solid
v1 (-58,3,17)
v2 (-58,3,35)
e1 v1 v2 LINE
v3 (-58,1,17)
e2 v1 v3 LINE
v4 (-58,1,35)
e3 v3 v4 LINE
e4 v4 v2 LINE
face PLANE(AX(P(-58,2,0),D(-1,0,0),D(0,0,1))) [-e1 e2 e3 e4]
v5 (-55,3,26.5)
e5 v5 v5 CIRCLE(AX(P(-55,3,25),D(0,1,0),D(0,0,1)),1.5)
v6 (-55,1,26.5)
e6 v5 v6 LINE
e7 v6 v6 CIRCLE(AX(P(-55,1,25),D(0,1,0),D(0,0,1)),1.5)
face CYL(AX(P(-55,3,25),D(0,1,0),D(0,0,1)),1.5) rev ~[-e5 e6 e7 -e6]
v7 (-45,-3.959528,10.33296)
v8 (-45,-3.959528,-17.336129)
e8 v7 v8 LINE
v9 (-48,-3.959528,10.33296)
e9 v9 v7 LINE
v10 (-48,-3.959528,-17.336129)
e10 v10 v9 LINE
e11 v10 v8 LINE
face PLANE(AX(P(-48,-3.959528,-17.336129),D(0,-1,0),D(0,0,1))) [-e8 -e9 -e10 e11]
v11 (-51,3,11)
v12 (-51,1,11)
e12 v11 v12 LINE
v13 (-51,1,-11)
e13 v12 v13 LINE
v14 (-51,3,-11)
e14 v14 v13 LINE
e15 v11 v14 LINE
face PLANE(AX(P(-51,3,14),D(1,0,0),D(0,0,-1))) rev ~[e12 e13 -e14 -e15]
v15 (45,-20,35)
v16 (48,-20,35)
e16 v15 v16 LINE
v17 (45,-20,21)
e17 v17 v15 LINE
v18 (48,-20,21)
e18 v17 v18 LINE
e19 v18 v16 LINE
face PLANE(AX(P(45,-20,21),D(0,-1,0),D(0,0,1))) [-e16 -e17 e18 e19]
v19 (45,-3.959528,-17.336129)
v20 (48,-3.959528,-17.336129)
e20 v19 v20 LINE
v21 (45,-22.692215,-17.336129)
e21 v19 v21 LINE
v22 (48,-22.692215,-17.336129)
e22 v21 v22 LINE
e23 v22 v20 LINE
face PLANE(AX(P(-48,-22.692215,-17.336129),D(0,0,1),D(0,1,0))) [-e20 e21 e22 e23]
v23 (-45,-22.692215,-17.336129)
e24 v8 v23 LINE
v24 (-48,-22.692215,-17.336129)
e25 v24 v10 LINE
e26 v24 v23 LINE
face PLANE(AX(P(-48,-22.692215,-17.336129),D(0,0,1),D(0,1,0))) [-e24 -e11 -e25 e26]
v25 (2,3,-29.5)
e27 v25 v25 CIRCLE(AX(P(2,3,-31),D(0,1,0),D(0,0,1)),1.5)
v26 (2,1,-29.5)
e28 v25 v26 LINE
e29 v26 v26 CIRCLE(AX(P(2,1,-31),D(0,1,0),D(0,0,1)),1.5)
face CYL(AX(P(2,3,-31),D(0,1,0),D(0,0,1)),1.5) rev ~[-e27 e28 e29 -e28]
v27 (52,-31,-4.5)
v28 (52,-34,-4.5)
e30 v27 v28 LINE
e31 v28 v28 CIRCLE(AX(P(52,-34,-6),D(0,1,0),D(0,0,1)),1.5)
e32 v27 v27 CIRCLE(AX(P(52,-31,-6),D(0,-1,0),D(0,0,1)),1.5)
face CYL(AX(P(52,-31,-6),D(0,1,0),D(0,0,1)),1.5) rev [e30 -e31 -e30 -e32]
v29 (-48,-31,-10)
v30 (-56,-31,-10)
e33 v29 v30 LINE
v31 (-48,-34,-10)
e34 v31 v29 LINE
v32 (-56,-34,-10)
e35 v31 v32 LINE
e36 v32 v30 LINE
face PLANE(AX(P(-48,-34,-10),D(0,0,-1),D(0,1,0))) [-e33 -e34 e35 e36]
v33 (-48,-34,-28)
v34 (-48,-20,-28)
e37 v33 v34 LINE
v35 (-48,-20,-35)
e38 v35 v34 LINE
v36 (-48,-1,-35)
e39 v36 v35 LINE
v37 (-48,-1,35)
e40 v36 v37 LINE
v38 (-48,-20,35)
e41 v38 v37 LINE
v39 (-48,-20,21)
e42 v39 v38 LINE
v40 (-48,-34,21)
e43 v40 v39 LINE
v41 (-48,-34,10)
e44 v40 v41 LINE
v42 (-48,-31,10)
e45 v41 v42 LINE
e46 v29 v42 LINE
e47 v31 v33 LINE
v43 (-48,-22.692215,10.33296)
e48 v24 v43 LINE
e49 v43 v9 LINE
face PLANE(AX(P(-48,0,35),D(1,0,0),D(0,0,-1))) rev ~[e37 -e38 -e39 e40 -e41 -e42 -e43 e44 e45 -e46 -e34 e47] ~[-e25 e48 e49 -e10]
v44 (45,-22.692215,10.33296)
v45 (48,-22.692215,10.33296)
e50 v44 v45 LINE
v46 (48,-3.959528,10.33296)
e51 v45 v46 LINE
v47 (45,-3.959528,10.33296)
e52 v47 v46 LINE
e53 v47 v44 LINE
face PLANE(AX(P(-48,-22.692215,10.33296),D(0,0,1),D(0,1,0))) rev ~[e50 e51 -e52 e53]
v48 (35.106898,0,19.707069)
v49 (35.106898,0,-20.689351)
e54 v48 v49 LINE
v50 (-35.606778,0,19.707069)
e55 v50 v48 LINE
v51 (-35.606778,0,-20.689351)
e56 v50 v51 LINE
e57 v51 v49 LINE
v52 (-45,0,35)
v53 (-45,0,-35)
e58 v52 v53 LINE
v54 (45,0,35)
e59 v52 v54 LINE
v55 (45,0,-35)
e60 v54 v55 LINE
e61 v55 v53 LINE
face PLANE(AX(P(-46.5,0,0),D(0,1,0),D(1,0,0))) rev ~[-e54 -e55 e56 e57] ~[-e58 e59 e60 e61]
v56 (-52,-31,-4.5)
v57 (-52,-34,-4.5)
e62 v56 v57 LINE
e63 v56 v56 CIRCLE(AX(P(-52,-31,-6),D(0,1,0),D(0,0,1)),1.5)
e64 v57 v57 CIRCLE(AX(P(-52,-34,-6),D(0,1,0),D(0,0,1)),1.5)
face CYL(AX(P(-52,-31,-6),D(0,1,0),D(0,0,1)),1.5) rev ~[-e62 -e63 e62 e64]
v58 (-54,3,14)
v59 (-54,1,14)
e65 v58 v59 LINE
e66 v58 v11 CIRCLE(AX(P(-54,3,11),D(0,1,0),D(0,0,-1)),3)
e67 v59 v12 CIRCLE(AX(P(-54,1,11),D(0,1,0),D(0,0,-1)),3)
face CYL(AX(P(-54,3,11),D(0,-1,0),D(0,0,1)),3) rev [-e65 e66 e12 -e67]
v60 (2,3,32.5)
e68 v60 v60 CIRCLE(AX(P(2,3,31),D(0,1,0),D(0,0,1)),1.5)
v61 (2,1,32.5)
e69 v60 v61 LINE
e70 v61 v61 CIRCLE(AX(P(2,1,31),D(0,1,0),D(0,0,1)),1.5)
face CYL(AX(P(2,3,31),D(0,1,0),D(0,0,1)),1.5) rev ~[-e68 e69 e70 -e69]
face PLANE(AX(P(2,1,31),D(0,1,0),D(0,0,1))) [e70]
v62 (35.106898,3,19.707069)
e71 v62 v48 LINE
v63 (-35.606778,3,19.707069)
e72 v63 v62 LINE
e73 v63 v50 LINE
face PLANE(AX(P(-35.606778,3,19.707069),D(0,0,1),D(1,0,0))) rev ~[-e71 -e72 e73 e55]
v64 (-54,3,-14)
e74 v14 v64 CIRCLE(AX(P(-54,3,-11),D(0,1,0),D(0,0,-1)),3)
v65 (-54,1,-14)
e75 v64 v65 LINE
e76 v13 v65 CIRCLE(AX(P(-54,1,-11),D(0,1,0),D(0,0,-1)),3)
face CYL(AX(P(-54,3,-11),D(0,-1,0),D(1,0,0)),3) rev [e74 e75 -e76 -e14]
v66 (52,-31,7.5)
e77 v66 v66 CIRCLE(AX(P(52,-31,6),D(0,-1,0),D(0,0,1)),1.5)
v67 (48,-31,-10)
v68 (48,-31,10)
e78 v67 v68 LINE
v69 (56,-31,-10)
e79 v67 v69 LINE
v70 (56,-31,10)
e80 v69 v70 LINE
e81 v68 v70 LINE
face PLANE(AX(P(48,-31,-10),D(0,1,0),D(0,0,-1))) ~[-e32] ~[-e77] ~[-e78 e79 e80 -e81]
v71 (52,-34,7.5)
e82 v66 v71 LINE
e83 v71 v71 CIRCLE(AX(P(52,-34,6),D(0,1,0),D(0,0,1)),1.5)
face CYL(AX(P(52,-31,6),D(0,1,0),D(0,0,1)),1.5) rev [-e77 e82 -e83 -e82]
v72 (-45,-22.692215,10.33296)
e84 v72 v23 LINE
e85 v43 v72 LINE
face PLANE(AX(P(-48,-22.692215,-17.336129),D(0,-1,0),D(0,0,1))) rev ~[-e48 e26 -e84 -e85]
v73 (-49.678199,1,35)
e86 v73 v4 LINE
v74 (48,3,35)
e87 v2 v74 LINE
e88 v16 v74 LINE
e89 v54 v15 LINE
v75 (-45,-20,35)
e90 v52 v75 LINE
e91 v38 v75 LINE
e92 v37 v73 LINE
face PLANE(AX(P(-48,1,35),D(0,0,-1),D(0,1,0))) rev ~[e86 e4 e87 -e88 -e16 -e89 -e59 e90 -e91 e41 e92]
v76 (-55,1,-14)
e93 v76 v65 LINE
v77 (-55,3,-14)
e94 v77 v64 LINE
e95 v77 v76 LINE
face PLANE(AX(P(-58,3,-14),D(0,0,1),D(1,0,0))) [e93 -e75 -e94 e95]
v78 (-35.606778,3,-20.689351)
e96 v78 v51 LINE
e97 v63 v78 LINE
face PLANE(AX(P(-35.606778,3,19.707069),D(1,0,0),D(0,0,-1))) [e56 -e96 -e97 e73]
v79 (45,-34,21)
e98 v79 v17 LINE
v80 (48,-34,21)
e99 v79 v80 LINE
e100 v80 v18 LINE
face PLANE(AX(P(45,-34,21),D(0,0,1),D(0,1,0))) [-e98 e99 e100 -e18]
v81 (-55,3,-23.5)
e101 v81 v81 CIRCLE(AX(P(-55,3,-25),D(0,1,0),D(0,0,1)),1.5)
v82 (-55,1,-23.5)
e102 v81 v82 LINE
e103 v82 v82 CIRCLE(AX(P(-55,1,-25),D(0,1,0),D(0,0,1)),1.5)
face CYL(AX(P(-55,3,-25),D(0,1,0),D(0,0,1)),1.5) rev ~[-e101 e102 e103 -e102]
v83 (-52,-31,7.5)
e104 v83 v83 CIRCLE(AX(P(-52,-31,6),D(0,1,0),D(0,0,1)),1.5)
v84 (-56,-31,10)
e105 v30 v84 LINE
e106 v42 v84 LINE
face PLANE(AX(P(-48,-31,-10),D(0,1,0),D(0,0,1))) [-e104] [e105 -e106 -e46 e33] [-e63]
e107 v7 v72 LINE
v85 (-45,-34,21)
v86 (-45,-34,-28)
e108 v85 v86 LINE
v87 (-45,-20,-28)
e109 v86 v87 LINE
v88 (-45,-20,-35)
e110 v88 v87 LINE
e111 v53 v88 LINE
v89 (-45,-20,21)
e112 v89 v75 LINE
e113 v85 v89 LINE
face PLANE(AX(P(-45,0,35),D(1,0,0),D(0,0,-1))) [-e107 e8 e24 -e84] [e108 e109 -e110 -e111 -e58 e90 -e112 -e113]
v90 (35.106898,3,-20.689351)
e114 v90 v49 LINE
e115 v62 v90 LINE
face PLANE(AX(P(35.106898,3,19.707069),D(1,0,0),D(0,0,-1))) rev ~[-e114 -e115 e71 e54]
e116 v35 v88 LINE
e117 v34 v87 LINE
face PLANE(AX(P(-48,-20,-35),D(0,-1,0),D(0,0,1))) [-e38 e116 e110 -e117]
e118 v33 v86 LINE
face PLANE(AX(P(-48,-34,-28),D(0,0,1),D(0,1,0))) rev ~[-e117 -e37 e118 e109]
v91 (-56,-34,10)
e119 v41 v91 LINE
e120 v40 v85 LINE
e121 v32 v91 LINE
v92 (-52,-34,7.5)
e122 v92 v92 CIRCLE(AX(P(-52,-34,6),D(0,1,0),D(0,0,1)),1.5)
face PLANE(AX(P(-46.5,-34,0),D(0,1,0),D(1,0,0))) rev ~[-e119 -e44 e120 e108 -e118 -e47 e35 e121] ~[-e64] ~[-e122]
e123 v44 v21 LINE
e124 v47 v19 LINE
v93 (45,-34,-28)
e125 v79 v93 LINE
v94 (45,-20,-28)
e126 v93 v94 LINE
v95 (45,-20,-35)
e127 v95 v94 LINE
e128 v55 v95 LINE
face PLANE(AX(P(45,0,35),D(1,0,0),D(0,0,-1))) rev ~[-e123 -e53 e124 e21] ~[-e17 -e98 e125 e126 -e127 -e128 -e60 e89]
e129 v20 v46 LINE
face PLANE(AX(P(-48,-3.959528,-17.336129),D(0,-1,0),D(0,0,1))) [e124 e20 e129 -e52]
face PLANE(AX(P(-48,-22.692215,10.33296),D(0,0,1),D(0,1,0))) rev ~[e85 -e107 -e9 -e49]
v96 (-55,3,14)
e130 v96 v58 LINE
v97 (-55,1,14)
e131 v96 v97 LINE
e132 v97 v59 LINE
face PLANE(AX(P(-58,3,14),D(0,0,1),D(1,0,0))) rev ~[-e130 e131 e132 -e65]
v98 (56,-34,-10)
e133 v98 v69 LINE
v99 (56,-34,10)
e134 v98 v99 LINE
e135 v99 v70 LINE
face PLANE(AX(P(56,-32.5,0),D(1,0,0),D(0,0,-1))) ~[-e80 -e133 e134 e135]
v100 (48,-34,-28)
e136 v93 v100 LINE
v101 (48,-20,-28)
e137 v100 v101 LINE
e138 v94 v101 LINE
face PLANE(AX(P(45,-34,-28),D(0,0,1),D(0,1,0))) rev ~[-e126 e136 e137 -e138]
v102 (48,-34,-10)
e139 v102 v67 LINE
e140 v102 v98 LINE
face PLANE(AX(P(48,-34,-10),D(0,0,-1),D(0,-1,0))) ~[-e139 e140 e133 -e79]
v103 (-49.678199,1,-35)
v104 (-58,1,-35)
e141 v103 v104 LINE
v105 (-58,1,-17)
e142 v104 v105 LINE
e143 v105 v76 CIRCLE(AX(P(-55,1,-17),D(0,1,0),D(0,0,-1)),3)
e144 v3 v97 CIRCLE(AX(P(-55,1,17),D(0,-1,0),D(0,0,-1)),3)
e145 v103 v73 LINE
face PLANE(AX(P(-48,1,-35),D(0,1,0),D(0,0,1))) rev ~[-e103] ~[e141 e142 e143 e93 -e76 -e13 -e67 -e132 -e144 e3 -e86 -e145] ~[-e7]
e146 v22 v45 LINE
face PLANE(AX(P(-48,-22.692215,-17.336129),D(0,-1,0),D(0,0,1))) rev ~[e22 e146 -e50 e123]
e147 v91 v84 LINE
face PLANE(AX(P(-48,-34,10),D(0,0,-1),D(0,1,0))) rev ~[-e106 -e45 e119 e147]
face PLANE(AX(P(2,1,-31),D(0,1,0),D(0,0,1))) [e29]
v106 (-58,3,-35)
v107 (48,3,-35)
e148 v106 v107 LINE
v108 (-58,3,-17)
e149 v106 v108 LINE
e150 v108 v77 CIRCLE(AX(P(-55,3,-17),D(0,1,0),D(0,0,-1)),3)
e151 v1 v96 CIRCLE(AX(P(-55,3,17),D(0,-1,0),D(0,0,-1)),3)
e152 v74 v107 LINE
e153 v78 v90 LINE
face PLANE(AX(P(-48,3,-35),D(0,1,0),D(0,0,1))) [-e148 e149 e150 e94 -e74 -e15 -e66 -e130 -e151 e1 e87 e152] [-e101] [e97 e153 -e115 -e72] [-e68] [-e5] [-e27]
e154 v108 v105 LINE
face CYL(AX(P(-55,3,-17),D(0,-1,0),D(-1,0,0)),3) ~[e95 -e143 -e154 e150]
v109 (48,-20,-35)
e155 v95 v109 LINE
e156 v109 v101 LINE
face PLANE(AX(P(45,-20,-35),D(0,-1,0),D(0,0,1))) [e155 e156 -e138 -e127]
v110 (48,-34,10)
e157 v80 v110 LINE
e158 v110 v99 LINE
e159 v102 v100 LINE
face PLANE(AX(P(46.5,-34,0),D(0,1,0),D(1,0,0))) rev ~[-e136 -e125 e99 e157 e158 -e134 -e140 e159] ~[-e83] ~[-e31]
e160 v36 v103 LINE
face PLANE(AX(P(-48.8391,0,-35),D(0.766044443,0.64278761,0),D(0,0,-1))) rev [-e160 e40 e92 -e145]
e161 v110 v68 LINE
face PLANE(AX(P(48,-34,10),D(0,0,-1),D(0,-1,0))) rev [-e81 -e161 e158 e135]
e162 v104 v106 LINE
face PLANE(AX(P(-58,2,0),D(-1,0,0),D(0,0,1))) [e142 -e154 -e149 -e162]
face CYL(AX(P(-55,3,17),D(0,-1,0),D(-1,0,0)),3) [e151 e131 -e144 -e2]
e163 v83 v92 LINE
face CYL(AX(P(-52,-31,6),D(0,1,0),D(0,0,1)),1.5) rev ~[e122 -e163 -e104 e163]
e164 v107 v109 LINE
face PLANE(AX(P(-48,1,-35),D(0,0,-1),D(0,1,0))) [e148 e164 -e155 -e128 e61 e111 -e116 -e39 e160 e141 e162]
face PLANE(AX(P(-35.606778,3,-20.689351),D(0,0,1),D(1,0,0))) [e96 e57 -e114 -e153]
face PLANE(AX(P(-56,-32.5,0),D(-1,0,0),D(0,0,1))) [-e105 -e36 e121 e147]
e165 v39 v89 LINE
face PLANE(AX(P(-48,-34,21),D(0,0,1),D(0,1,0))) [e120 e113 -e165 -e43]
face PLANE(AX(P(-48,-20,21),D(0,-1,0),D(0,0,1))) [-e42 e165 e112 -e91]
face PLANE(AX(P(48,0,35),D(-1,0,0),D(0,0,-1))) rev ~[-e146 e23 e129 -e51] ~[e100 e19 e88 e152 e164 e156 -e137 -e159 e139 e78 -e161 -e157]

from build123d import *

# Parameters (mm, degrees)
SKETCH_1_W          = 3
SKETCH_1_H          = 70
SKETCH_1_W_2        = 90
EXTRUDE_1_DEPTH     = 3
SKETCH_1_3_W        = 3
SKETCH_1_3_H        = 70
EXTRUDE_2_DEPTH     = 34
SKETCH_2_W          = 20
SKETCH_2_H          = 3
EXTRUDE_3_DEPTH     = 8
SKETCH_3_R          = 1.5
CUT_EXTRUDE_1_DEPTH = 8
SKETCH_5_W          = 70
SKETCH_5_H          = 2
EXTRUDE_4_DEPTH     = 10
SKETCH_4_R          = 1.5
CUT_EXTRUDE_2_DEPTH = 2
SKETCH_6_W          = 7
SKETCH_6_H          = 28
CUT_EXTRUDE_3_DEPTH = 2
FILLET_1_R          = 3
SKETCH_7_W          = 14
SKETCH_7_H          = 14
SKETCH_7_W_2        = 7
CUT_EXTRUDE_4_DEPTH = 3
SKETCH_8_W          = 14
SKETCH_8_H          = 14
SKETCH_8_W_2        = 7
CUT_EXTRUDE_5_DEPTH = 3
SKETCH_9_W          = 70.71367567
SKETCH_9_H          = 40.396420294
CUT_EXTRUDE_6_DEPTH = 3
CUT_EXTRUDE_7_REACH = 116.878
SKETCH_10_W         = 27.669088334
SKETCH_10_H         = 18.732687127
CHAMFER_1_SIZE      = 2
CHAMFER_1_SIZE2     = 1.678199262


with BuildPart() as part:
    # 草图1 → 凸台-拉伸1 (new body)
    with BuildSketch(Plane(origin=(0, 0, 0), x_dir=(1, 0, 0), z_dir=(0, 1, 0))):
        with Locations((-46.5, 0)):
            Rectangle(SKETCH_1_W, SKETCH_1_H)
        Rectangle(SKETCH_1_W_2, SKETCH_1_H)
        with Locations((46.5, 0)):
            Rectangle(SKETCH_1_W, SKETCH_1_H)
    extrude(amount=EXTRUDE_1_DEPTH)

    # 草图1<3> → 凸台-拉伸2 (add)
    with BuildSketch(Plane(origin=(0, 0, 0), x_dir=(1, 0, 0), z_dir=(0, 1, 0))):
        with Locations((-46.5, 0)):
            Rectangle(SKETCH_1_3_W, SKETCH_1_3_H)
        with Locations((46.5, 0)):
            Rectangle(SKETCH_1_3_W, SKETCH_1_3_H)
    extrude(amount=-EXTRUDE_2_DEPTH)

    # 草图2 → 凸台-拉伸3 (add)
    with BuildSketch(Plane.ZY.offset(48)):
        with Locations((0, -32.5)):
            Rectangle(SKETCH_2_W, SKETCH_2_H)
    extrude_3 = extrude(amount=EXTRUDE_3_DEPTH)

    # 镜向1: 凸台-拉伸3 across plane
    add(extrude_3.mirror(Plane(origin=(0, 0, 0), x_dir=(0, 0, 1), z_dir=(1, 0, 0))))

    # 草图3 → 切除-拉伸1 (cut)
    with BuildSketch(Plane(origin=(0, -31, 0), x_dir=(1, 0, 0), z_dir=(0, 1, 0))):
        with Locations(Location((-52, 6, 0), (0, 0, 270))):
            Circle(SKETCH_3_R)
        with Locations(Location((-52, -6, 0), (0, 0, 270))):
            Circle(SKETCH_3_R)
    cut_extrude_1 = extrude(amount=-CUT_EXTRUDE_1_DEPTH, mode=Mode.SUBTRACT)

    # 镜向3: 切除-拉伸1 across plane
    add(cut_extrude_1.mirror(Plane(origin=(0, 0, 0), x_dir=(0, 0, 1), z_dir=(1, 0, 0))), mode=Mode.SUBTRACT)

    # 草图5 → 凸台-拉伸4 (add)
    with BuildSketch(Plane.ZY.offset(48)):
        with Locations((0, 2)):
            Rectangle(SKETCH_5_W, SKETCH_5_H)
    extrude(amount=EXTRUDE_4_DEPTH)

    # 草图4 → 切除-拉伸2 (cut)
    with BuildSketch(Plane(origin=(0, 3, 0), x_dir=(1, 0, 0), z_dir=(0, 1, 0))):
        with Locations(Location((-55, 25, 0), (0, 0, 270))):
            Circle(SKETCH_4_R)
        with Locations(Location((-55, -25, 0), (0, 0, 270))):
            Circle(SKETCH_4_R)
        with Locations(Location((2, 31, 0), (0, 0, 270))):
            Circle(SKETCH_4_R)
        with Locations(Location((2, -31, 0), (0, 0, 270))):
            Circle(SKETCH_4_R)
    extrude(amount=-CUT_EXTRUDE_2_DEPTH, mode=Mode.SUBTRACT)

    # 草图6 → 切除-拉伸3 (cut)
    with BuildSketch(Plane(origin=(0, 3, 0), x_dir=(1, 0, 0), z_dir=(0, 1, 0))):
        with Locations((-54.5, 0)):
            Rectangle(SKETCH_6_W, SKETCH_6_H)
    extrude(amount=-CUT_EXTRUDE_3_DEPTH, mode=Mode.SUBTRACT)

    # 圆角1
    fillet_1_edges = [part.edges().sort_by_distance(p)[0] for p in [
        (-58, 2, 14),
        (-58, 2, -14),
        (-51, 2, -14),
        (-51, 2, 14),
    ]]
    fillet(fillet_1_edges, radius=FILLET_1_R)

    # 草图7 → 切除-拉伸4 (cut)
    with BuildSketch(Plane.ZY.offset(-45)):
        with Locations((28, -27)):
            Rectangle(SKETCH_7_W, SKETCH_7_H)
        with Locations((-31.5, -27)):
            Rectangle(SKETCH_7_W_2, SKETCH_7_H)
    extrude(amount=-CUT_EXTRUDE_4_DEPTH, mode=Mode.SUBTRACT)

    # 草图8 → 切除-拉伸5 (cut)
    with BuildSketch(Plane.ZY.offset(48)):
        with Locations((28, -27)):
            Rectangle(SKETCH_8_W, SKETCH_8_H)
        with Locations((-31.5, -27)):
            Rectangle(SKETCH_8_W_2, SKETCH_8_H)
    extrude(amount=-CUT_EXTRUDE_5_DEPTH, mode=Mode.SUBTRACT)

    # 草图9 → 切除-拉伸6 (cut)
    with BuildSketch(Plane(origin=(0, 3, 0), x_dir=(1, 0, 0), z_dir=(0, 1, 0))):
        with Locations((-0.249939669, 0.491140899)):
            Rectangle(SKETCH_9_W, SKETCH_9_H)
    extrude(amount=-CUT_EXTRUDE_6_DEPTH, mode=Mode.SUBTRACT)

    # 切除-拉伸7: up to this face of the body (flat: up to its plane)
    cut_extrude_7_end = Plane(part.part.faces().sort_by_distance((48, -13.531753131, -1.073792487))[0])
    # 草图10 → 切除-拉伸7 (cut, up to the picked face)
    with BuildSketch(Plane.ZY.offset(48), mode=Mode.PRIVATE) as cut_extrude_7_sk1:
        with Locations((-3.501584346, -13.325871908)):
            Rectangle(SKETCH_10_W, SKETCH_10_H)
    cut_extrude_7_tool1 = split(extrude(cut_extrude_7_sk1.sketch, amount=-CUT_EXTRUDE_7_REACH, mode=Mode.PRIVATE), bisect_by=cut_extrude_7_end, keep=Keep.BOTH, mode=Mode.PRIVATE)
    add(cut_extrude_7_tool1.solids().sort_by(Axis((-48, -13.325872, -3.501584), (1, 0, 0)))[0], mode=Mode.SUBTRACT)

    # 倒角1
    chamfer_1_edges = [part.edges().sort_by_distance(p)[0] for p in [
        (-48, 1, 0),
    ]]
    chamfer_1_side = [part.faces().sort_by_distance(p)[0] for p in [
        (-48, -33.217376208, -19),
    ]]
    chamfer(chamfer_1_edges, length=CHAMFER_1_SIZE, length2=CHAMFER_1_SIZE2, reference=chamfer_1_side[0])


solid = part.part
